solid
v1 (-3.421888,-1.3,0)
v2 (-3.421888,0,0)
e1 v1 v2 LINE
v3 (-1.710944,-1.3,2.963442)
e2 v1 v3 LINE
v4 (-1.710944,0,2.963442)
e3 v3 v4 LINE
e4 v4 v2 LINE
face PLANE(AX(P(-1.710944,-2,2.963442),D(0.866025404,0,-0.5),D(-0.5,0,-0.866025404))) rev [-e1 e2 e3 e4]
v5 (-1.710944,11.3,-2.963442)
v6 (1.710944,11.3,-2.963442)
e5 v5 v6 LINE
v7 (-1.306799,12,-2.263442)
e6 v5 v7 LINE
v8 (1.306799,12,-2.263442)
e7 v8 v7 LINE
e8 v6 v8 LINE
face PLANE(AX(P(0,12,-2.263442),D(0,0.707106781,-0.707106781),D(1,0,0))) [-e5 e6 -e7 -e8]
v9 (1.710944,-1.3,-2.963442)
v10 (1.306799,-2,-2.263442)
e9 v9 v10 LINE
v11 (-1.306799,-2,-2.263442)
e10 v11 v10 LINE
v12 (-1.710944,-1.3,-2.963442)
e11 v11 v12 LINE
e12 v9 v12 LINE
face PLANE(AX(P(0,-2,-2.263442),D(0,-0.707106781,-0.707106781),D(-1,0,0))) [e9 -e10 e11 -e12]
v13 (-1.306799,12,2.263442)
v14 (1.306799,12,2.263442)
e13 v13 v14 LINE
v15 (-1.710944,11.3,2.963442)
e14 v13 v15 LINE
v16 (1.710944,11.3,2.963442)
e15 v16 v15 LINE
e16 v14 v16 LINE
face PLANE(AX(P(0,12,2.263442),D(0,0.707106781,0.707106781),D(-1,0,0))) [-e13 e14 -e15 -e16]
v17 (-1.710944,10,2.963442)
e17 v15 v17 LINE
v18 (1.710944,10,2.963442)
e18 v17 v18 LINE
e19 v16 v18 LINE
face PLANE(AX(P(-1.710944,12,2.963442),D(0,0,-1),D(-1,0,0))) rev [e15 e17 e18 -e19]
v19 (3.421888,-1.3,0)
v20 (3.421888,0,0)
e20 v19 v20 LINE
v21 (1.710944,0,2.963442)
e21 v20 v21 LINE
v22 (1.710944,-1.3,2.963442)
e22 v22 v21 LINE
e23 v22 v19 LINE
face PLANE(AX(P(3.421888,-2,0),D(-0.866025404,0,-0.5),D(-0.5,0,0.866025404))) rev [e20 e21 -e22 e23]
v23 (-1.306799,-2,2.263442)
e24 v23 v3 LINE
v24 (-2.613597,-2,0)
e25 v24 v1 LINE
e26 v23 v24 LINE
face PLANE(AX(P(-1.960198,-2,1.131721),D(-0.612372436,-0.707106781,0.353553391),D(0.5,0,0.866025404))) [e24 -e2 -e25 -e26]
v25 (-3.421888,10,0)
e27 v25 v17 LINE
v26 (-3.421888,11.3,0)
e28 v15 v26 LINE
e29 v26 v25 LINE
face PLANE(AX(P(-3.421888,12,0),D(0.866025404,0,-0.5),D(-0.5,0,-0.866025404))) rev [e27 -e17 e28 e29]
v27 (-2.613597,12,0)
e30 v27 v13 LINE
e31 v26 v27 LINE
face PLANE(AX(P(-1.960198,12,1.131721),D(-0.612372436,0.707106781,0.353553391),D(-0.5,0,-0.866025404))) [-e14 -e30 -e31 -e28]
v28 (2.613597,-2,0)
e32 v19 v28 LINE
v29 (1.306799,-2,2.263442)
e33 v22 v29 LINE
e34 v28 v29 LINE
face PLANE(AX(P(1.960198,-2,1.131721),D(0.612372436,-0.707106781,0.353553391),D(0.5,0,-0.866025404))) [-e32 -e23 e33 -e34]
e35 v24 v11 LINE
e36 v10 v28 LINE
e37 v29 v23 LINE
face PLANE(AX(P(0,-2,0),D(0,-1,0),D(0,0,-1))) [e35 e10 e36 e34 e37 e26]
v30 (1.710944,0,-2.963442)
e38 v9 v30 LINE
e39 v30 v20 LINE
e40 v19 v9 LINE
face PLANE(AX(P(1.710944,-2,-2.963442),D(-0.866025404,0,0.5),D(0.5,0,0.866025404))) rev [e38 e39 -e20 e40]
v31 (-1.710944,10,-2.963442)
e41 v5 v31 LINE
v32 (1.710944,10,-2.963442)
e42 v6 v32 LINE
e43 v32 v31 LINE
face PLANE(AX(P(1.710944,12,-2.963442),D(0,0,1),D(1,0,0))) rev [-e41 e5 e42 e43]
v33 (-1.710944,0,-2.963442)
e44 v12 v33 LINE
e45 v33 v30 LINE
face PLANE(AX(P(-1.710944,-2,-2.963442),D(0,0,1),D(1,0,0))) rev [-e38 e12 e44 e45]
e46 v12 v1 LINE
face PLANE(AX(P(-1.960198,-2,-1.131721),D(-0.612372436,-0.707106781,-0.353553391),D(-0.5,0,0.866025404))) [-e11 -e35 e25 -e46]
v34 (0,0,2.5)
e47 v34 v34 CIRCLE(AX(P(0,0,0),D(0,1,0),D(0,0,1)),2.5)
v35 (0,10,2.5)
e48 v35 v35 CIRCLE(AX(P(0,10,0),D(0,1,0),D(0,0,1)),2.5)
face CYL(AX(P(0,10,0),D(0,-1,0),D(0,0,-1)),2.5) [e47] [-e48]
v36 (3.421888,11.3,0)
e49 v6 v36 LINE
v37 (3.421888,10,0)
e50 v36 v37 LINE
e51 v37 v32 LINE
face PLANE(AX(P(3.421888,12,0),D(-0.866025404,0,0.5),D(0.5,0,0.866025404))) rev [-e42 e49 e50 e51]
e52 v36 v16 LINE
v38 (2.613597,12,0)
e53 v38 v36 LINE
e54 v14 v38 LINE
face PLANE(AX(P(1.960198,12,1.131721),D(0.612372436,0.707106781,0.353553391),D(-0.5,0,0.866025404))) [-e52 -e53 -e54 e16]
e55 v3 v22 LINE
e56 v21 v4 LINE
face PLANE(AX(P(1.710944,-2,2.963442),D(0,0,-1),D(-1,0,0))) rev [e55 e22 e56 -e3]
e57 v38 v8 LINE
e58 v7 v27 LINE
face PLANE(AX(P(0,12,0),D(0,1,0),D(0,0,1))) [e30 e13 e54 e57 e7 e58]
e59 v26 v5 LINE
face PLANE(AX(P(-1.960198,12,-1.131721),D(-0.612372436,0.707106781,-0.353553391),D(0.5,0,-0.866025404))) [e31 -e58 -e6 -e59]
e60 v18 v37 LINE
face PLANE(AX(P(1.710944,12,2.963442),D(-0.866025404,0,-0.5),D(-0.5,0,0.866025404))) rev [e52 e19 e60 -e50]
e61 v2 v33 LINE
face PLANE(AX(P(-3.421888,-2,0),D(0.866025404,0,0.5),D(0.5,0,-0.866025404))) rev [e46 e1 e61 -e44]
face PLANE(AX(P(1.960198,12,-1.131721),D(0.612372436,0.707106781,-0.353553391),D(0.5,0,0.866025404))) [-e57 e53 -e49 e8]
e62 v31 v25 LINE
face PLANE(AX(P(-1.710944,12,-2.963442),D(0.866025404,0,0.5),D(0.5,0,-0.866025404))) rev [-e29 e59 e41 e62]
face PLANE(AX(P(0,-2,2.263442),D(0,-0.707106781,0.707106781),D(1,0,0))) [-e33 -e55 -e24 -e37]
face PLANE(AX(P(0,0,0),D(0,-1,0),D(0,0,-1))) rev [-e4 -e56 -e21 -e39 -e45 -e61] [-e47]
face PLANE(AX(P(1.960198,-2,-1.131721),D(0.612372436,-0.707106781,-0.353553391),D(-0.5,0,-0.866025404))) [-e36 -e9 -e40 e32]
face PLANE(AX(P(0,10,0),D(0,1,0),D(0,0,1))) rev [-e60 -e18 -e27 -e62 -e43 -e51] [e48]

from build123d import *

# Parameters (mm, degrees)
SKETCH1_R           = 2.5
BOSS_EXTRUDE1_DEPTH = 10
BOSS_EXTRUDE2_DEPTH = 2
BOSS_EXTRUDE3_DEPTH = 2
CHAMFER1_SIZE       = 0.7


with BuildPart() as part:
    # Sketch1 → Boss-Extrude1 (new body)
    with BuildSketch(Plane(origin=(0, 0, 0), x_dir=(1, 0, 0), z_dir=(0, 1, 0))):
        Circle(SKETCH1_R)
    extrude(amount=BOSS_EXTRUDE1_DEPTH)

    # Sketch3 → Boss-Extrude2 (add)
    with BuildSketch(Plane.XZ):
        Polygon((3.421887709, 0), (1.710943854, 2.963441685), (-1.710943854, 2.963441685), (-3.421887709, 0), (-1.710943854, -2.963441685), (1.710943854, -2.963441685), align=None)
    extrude(amount=BOSS_EXTRUDE2_DEPTH)

    # Sketch2 → Boss-Extrude3 (add)
    with BuildSketch(Plane(origin=(0, 10, 0), x_dir=(1, 0, 0), z_dir=(0, 1, 0))):
        Polygon((3.421887709, 0), (1.710943854, 2.963441685), (-1.710943854, 2.963441685), (-3.421887709, 0), (-1.710943854, -2.963441685), (1.710943854, -2.963441685), align=None)
    extrude(amount=BOSS_EXTRUDE3_DEPTH)

    # Chamfer1
    chamfer1_edges = [part.edges().sort_by_distance(p)[0] for p in [
        (0, 12, -2.963441685),
        (-2.566415782, 12, -1.481720842),
        (-2.566415782, 12, 1.481720842),
        (0, 12, 2.963441685),
        (2.566415782, 12, 1.481720842),
        (2.566415782, 12, -1.481720842),
        (2.566415782, -2, -1.481720842),
        (2.566415782, -2, 1.481720842),
        (0, -2, 2.963441685),
        (-2.566415782, -2, 1.481720842),
        (-2.566415782, -2, -1.481720842),
        (0, -2, -2.963441685),
    ]]
    chamfer(chamfer1_edges, length=CHAMFER1_SIZE)


solid = part.part
